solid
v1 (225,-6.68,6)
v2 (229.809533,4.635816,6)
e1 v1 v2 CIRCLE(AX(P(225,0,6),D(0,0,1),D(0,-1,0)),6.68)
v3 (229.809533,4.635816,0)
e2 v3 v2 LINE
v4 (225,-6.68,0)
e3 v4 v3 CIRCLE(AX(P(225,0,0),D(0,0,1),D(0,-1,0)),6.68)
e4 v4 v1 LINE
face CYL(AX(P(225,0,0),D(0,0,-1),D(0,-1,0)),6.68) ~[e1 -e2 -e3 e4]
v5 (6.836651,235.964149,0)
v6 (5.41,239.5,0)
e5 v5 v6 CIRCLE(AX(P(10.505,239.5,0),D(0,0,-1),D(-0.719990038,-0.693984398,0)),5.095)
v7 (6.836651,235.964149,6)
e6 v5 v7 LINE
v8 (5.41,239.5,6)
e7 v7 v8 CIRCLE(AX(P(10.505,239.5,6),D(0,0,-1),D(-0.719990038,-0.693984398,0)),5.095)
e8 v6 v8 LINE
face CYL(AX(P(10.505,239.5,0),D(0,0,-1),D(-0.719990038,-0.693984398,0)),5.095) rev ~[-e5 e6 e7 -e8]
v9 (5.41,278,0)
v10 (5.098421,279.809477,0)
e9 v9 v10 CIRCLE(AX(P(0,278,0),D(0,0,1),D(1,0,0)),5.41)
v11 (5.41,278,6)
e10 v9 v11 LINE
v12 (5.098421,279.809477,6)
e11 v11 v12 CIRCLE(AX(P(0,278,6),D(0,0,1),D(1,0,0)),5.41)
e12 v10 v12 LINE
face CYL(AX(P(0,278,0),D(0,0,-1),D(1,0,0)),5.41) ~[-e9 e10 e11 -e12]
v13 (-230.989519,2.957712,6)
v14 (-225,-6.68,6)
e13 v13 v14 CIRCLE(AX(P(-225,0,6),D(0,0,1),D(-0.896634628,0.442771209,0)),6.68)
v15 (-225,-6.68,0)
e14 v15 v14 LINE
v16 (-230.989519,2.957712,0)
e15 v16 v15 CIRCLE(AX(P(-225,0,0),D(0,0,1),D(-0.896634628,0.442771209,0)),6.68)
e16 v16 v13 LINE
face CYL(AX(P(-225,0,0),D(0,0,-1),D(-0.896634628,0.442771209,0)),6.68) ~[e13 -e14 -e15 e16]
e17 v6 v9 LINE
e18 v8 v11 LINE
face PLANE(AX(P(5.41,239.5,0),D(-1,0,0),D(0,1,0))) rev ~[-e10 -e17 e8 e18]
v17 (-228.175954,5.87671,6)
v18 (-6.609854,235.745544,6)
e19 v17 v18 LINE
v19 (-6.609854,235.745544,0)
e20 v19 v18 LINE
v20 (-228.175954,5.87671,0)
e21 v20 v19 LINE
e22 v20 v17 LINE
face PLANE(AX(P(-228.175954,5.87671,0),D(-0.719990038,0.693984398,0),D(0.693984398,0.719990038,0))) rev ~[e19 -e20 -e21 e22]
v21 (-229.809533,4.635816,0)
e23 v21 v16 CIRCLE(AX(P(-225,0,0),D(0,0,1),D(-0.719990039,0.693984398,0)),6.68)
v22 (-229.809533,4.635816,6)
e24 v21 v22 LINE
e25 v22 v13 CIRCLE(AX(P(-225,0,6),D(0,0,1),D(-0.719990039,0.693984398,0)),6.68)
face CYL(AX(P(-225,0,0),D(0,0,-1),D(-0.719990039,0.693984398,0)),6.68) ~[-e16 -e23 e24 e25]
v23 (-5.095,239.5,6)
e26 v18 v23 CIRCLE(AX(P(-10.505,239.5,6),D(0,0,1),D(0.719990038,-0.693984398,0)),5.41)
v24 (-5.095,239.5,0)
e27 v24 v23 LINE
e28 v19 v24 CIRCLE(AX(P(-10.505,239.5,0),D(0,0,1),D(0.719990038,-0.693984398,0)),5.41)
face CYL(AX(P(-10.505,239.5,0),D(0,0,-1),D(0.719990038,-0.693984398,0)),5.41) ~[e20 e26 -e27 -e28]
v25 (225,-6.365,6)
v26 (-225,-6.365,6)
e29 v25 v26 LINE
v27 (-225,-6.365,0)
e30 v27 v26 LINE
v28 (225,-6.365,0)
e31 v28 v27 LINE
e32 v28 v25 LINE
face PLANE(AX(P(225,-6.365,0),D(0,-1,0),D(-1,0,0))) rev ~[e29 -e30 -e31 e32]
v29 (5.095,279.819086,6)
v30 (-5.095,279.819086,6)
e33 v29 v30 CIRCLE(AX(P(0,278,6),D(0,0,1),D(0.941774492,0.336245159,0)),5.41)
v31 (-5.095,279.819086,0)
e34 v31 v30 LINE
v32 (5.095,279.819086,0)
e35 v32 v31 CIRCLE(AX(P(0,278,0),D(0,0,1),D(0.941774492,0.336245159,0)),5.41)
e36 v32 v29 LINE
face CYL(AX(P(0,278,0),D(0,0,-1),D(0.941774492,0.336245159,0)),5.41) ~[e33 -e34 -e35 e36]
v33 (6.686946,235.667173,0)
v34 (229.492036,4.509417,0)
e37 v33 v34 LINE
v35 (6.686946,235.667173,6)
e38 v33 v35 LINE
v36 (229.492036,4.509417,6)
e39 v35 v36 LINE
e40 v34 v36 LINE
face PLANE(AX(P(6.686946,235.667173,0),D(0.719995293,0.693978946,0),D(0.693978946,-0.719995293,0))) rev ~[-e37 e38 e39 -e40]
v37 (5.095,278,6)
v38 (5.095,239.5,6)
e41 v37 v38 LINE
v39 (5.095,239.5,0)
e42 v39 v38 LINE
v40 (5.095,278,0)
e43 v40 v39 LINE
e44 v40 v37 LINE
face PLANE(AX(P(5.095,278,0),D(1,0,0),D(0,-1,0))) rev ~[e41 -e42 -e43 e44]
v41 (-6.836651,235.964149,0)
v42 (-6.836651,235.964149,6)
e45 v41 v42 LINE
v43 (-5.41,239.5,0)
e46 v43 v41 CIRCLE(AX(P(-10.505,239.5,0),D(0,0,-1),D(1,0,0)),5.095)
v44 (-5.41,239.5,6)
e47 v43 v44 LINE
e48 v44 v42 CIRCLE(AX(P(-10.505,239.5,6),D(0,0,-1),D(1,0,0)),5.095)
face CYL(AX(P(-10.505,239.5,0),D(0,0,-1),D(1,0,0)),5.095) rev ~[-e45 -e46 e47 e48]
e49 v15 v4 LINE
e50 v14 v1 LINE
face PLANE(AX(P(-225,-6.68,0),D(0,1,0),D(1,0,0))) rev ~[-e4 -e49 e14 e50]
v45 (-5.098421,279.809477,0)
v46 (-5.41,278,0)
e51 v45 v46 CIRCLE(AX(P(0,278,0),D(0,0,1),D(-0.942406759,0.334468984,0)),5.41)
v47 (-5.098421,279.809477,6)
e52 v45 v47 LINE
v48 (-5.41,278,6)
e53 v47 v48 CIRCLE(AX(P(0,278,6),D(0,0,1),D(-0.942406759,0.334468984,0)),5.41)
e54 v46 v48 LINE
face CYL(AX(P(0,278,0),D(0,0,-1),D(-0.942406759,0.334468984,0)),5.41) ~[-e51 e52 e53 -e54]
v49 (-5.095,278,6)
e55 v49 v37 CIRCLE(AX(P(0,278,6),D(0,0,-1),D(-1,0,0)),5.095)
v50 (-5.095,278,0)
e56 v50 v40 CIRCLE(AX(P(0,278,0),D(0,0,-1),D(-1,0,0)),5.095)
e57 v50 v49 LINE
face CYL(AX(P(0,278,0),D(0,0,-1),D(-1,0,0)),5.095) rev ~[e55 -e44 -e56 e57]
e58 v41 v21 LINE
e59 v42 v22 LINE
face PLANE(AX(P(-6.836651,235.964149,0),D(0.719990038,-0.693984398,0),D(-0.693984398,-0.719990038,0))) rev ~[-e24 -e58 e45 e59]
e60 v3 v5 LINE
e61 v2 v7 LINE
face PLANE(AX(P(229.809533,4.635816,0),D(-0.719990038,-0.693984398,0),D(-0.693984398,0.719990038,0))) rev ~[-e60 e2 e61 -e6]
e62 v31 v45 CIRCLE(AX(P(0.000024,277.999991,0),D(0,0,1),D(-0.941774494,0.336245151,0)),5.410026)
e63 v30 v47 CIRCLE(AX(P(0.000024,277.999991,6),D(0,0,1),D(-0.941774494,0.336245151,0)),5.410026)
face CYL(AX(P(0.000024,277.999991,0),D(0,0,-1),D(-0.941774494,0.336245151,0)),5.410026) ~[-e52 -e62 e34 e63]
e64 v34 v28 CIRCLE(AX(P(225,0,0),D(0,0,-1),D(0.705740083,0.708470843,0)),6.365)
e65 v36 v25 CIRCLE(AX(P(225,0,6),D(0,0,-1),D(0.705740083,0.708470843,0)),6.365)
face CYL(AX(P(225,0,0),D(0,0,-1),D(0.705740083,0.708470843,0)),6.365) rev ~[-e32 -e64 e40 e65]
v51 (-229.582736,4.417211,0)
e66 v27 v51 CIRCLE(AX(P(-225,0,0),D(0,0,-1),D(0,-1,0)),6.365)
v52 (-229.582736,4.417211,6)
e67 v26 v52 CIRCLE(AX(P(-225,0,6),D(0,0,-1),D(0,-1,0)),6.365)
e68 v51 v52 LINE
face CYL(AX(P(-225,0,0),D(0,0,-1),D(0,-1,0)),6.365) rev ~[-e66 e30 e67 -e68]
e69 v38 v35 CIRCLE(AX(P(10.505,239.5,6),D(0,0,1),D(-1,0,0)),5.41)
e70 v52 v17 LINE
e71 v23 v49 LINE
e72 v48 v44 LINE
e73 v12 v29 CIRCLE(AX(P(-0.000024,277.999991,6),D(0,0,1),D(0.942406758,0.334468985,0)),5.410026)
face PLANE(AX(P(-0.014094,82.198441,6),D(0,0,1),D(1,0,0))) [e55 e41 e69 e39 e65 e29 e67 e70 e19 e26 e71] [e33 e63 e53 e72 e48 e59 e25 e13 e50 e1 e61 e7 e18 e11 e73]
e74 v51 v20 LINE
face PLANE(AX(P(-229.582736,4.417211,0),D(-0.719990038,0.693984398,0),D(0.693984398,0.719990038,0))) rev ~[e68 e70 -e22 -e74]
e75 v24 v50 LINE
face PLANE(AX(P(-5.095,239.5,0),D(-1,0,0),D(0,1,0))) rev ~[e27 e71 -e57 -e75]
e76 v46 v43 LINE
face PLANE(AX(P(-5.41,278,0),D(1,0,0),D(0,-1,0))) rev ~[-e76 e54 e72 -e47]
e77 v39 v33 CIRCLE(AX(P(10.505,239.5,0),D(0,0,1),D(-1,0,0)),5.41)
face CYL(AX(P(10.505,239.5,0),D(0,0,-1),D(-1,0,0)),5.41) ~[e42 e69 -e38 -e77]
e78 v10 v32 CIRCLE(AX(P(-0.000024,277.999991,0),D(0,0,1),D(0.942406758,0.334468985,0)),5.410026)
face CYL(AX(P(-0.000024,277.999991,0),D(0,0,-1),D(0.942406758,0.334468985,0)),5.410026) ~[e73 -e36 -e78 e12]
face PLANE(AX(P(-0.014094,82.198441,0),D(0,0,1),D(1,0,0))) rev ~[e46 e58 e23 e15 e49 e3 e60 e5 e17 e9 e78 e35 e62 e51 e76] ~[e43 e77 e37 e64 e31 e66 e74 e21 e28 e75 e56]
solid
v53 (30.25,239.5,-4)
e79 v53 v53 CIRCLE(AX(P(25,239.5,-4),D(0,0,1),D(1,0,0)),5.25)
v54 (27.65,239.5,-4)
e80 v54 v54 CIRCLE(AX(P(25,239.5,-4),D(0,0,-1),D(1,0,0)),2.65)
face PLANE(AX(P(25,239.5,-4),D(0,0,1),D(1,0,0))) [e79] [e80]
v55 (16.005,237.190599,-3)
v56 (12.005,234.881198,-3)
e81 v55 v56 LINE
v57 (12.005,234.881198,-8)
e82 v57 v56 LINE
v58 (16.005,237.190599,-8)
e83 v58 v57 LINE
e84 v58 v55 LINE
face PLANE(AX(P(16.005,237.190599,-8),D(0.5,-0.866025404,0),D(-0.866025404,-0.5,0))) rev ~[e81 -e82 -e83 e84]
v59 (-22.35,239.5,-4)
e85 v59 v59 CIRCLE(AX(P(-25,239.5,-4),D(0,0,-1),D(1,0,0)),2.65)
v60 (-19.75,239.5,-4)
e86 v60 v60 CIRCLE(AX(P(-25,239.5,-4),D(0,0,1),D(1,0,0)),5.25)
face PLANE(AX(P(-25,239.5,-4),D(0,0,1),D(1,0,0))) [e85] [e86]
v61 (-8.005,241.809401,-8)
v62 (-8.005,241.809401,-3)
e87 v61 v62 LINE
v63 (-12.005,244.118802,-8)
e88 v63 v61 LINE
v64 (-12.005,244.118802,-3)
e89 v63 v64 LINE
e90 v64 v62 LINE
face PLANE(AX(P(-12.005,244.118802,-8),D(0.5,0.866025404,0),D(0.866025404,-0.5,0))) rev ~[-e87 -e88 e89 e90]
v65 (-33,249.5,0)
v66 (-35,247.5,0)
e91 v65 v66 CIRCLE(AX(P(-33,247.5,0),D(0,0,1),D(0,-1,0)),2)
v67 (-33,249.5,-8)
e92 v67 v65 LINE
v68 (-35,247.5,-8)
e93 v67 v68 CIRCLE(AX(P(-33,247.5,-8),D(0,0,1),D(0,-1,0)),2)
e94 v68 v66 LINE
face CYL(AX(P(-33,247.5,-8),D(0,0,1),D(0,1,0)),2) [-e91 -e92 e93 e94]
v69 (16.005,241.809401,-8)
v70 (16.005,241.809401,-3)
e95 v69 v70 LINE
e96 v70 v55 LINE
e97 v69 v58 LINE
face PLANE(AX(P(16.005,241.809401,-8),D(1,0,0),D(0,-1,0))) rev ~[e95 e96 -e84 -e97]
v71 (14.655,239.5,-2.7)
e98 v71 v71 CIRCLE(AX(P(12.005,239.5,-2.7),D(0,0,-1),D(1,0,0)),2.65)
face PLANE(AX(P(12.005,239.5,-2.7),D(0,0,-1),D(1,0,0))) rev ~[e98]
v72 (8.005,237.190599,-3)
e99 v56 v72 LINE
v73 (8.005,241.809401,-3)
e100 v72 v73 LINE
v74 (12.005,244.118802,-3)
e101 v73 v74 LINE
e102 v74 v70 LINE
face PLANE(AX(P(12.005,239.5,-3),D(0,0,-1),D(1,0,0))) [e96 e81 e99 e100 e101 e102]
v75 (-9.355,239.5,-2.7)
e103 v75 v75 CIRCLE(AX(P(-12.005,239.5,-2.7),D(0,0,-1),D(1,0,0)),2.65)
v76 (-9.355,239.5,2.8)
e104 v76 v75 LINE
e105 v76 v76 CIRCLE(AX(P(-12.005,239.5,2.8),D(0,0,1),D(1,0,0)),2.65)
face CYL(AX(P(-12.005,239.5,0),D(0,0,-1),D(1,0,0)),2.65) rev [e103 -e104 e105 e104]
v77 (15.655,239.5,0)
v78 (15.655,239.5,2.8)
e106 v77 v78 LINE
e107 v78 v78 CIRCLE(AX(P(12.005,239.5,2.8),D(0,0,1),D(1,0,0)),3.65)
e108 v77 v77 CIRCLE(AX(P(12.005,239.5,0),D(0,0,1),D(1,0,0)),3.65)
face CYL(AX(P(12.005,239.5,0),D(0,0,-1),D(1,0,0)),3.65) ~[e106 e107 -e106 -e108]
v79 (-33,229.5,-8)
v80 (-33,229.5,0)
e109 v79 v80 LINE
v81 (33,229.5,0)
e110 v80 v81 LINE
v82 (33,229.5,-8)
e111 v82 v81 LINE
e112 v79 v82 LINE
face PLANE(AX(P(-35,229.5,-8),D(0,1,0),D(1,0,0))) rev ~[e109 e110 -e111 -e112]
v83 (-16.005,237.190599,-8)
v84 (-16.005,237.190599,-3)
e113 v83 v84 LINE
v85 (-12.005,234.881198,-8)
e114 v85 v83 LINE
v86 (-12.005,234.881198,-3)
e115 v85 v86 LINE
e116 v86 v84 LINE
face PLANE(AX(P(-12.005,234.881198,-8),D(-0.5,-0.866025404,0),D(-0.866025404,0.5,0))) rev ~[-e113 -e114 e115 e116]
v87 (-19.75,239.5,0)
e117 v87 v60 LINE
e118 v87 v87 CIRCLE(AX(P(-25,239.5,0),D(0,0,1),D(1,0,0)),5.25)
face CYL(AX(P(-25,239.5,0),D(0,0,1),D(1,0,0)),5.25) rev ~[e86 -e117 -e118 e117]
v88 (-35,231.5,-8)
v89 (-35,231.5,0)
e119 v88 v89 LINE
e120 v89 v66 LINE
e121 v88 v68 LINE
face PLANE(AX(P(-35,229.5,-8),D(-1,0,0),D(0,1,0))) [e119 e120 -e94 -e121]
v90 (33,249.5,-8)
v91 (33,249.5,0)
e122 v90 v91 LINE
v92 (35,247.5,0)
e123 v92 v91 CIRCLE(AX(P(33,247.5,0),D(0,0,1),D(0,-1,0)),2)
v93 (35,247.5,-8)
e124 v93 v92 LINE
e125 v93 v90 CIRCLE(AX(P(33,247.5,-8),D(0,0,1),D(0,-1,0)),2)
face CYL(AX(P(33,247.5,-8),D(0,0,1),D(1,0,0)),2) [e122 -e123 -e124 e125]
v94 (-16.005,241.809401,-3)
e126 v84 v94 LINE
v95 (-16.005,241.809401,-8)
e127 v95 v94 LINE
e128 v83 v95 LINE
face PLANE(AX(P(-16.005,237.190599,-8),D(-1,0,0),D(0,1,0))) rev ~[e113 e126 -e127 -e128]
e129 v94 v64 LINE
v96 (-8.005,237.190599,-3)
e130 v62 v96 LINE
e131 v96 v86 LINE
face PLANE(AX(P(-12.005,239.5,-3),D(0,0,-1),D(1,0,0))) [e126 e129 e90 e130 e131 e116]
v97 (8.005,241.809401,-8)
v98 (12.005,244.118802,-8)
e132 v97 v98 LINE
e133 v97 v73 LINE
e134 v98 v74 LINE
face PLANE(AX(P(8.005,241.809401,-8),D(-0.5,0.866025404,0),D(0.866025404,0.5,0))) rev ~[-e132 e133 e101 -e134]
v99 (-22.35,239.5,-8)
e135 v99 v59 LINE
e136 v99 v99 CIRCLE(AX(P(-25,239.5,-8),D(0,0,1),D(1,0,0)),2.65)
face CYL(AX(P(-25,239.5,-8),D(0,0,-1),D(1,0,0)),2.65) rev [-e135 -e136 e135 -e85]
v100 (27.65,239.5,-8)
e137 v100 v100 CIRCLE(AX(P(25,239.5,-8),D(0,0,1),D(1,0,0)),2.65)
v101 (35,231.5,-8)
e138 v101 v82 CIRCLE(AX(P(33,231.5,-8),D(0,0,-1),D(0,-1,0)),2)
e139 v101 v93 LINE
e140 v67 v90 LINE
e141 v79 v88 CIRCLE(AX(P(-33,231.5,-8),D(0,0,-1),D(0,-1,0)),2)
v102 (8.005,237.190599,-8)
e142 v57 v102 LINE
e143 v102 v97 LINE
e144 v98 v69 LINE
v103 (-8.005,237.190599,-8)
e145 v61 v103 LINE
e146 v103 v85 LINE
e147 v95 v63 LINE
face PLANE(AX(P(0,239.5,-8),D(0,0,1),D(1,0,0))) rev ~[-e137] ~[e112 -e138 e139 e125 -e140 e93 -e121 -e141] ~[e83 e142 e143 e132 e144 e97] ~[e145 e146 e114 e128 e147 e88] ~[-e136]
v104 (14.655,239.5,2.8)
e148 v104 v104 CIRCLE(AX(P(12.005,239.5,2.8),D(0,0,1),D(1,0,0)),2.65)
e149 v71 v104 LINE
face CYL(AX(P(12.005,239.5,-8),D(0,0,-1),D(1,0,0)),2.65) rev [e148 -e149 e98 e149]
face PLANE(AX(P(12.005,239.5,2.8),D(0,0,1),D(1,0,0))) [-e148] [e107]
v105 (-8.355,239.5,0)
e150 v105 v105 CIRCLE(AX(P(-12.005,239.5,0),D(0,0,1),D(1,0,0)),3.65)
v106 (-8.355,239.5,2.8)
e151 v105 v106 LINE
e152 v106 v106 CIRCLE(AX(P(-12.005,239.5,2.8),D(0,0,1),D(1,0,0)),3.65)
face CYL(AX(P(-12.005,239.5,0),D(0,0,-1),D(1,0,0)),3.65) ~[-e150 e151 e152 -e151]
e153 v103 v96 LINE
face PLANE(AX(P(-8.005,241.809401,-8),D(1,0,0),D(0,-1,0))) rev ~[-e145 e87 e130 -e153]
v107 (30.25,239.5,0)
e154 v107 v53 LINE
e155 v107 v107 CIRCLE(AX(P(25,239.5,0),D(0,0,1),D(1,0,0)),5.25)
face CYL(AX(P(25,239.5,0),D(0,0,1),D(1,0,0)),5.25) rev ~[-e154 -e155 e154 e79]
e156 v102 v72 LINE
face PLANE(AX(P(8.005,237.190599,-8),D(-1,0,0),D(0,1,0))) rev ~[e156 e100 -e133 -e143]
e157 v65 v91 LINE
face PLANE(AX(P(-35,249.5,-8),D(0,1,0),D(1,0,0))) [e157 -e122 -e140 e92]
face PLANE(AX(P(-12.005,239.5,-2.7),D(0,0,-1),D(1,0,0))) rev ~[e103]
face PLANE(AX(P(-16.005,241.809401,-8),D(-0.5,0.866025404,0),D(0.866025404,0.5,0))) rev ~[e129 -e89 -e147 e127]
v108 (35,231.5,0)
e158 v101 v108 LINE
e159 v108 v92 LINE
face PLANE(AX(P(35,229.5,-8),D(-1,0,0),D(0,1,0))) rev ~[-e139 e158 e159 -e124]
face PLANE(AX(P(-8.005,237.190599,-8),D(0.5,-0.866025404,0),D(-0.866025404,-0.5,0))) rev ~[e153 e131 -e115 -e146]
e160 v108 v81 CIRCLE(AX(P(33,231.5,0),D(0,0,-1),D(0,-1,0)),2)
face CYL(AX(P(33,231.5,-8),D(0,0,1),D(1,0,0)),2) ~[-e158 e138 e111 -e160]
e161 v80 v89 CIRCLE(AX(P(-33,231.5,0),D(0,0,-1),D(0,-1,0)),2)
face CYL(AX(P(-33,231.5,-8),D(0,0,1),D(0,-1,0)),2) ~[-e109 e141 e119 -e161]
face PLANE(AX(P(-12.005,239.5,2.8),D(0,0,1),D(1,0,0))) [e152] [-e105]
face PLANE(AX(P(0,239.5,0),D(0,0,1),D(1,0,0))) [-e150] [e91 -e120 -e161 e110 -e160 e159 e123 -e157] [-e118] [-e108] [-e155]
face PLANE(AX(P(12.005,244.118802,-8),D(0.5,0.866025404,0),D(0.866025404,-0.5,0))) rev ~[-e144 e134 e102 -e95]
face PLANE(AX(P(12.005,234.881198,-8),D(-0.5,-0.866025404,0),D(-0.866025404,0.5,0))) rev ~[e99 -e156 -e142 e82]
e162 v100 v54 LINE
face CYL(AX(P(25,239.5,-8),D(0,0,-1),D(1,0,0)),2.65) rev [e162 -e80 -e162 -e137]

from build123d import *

# Parameters (mm, degrees)
F1_DEPTH  = 6
F2_W      = 70
F2_H      = 20
F2_R      = 2.65
F3_DEPTH  = 8
F4_R      = 5.25
F5_DEPTH  = 4
F6_R      = 3.65
F6_R_2    = 2.65
F7_DEPTH  = 2.8
F8_R      = 2
F10_DEPTH = 5
F12_R     = 2.65
F13_DEPTH = 0.3


with BuildPart() as f1:
    # F0 (on Top) → F1 (new body)
    with BuildSketch(Plane.XY):
        with BuildLine():
            ThreePointArc((-225, -6.365), (-230.8578482619, -2.4897467223), (-229.5827363738, 4.4172109219))
            Line((-229.5827363738, 4.4172109219), (-230.9895193158, 2.9577116773))
            ThreePointArc((-230.9895193158, 2.9577116773), (-230.6736193917, -3.5259669593), (-225, -6.68))
            Line((-225, -6.68), (225, -6.68))
            ThreePointArc((225, -6.68), (231.1477495637, -2.6129629354), (229.8095334569, 4.635815778))
            Line((229.8095334569, 4.635815778), (6.8366507541, 235.9641494927))
            ThreePointArc((6.8366507541, 235.9641494927), (5.780105059, 237.5935916502), (5.41, 239.5))
            Line((5.41, 239.5), (5.41, 278))
            ThreePointArc((5.41, 278), (5.3315361416, 278.9180535776), (5.0984205651, 279.809477201))
            Line((5.0984205651, 279.809477201), (5.095, 279.8136729438))
            Line((5.095, 279.8136729438), (5.095, 279.8190863091))
            ThreePointArc((5.095, 279.8190863091), (0, 283.41), (-5.095, 279.8190863091))
            Line((-5.095, 279.8190863091), (-5.095, 279.8136729438))
            Line((-5.095, 279.8136729438), (-5.0984205651, 279.809477201))
            ThreePointArc((-5.0984205651, 279.809477201), (-5.3315361416, 278.9180535776), (-5.41, 278))
            Line((-5.41, 278), (-5.41, 239.5))
            ThreePointArc((-5.41, 239.5), (-5.780105059, 237.5935916502), (-6.8366507541, 235.9641494927))
            Line((-6.8366507541, 235.9641494927), (-229.8095334569, 4.635815778))
            ThreePointArc((-229.8095334569, 4.635815778), (-229.040662868, 5.3193461616), (-228.1759538737, 5.876709708))
            Line((-228.1759538737, 5.876709708), (-6.609853892, 235.7455444074))
            ThreePointArc((-6.609853892, 235.7455444074), (-5.4879869223, 237.475727346), (-5.095, 239.5))
            Line((-5.095, 239.5), (-5.095, 278))
            ThreePointArc((-5.095, 278), (0, 283.095), (5.095, 278))
            Line((5.095, 278), (5.095, 239.5))
            ThreePointArc((5.095, 239.5), (5.5088128874, 237.4248579962), (6.6869461501, 235.6671727408))
            Line((6.6869461501, 235.6671727408), (229.4920356293, 4.5094169141))
            ThreePointArc((229.4920356293, 4.5094169141), (230.8828421557, -2.4301014734), (225, -6.365))
            Line((225, -6.365), (-225, -6.365))
        make_face()
        with BuildLine():
            Line((-230.9895193158, 2.9577116773), (-229.5827363738, 4.4172109219))
            Line((-229.5827363738, 4.4172109219), (-228.1759538737, 5.876709708))
            ThreePointArc((-228.1759538737, 5.876709708), (-229.040662868, 5.3193461616), (-229.8095334569, 4.635815778))
            ThreePointArc((-229.8095334569, 4.635815778), (-230.4643291939, 3.8423308629), (-230.9895193158, 2.9577116773))
        make_face()
        with BuildLine():
            ThreePointArc((-5.095, 279.8190863091), (-5.0967125471, 279.8142825612), (-5.0984205651, 279.809477201))
            Line((-5.0984205651, 279.809477201), (-5.095, 279.8136729438))
            Line((-5.095, 279.8136729438), (-5.095, 279.8190863091))
        make_face()
        with BuildLine():
            ThreePointArc((5.0984205651, 279.809477201), (5.0967125471, 279.8142825612), (5.095, 279.8190863091))
            Line((5.095, 279.8190863091), (5.095, 279.8136729438))
            Line((5.095, 279.8136729438), (5.0984205651, 279.809477201))
        make_face()
    extrude(amount=F1_DEPTH)


with BuildPart() as f3:
    # F2 (on Top) → F3 (new body)
    with BuildSketch(Plane.XY):
        with Locations((0, 239.5)):
            Rectangle(F2_W, F2_H)
        with Locations((-25, 239.5)):
            Circle(F2_R, mode=Mode.SUBTRACT)
        with Locations((-12.005, 239.5)):
            Circle(F2_R, mode=Mode.SUBTRACT)
        with Locations((12.005, 239.5)):
            Circle(F2_R, mode=Mode.SUBTRACT)
        with Locations((25, 239.5)):
            Circle(F2_R, mode=Mode.SUBTRACT)
    extrude(amount=F3_DEPTH)

    # F4 (on face) → F5 (cut)
    with BuildSketch(Plane.XY.offset(8)):
        with Locations((-25, 239.5)):
            Circle(F4_R)
        with Locations((25, 239.5)):
            Circle(F4_R)
    extrude(amount=-F5_DEPTH, mode=Mode.SUBTRACT)

    # F6 (on face) → F7 (join)
    with BuildSketch(Plane.XY.offset(8)):
        with Locations((-12.005, 239.5)):
            Circle(F6_R)
        with Locations((-12.005, 239.5)):
            Circle(F6_R_2, mode=Mode.SUBTRACT)
        with Locations((12.005, 239.5)):
            Circle(F6_R)
        with Locations((12.005, 239.5)):
            Circle(F6_R_2, mode=Mode.SUBTRACT)
    extrude(amount=F7_DEPTH)

    # F8
    f8_edges = [f3.edges().sort_by_distance(p)[0] for p in [
        (-35, 229.5, 4),
        (-35, 249.5, 4),
        (35, 249.5, 4),
        (35, 229.5, 4),
    ]]
    fillet(f8_edges, radius=F8_R)

    # F9 (on face) → F10 (cut)
    with BuildSketch(Plane(origin=(0, 0, 0), x_dir=(1, 0, 0), z_dir=(0, 0, -1))):
        Polygon((-8.005, -241.8094010768), (-8.005, -237.1905989232), (-12.005, -234.8811978465), (-16.005, -237.1905989232), (-16.005, -241.8094010768), (-12.005, -244.1188021535), align=None)
        Polygon((16.005, -241.8094010768), (16.005, -237.1905989232), (12.005, -234.8811978465), (8.005, -237.1905989232), (8.005, -241.8094010768), (12.005, -244.1188021535), align=None)
    extrude(amount=-F10_DEPTH, mode=Mode.SUBTRACT)


with BuildPart() as f3_1:
    # F11: moved
    add(f3.part.moved(Location((0, 0, -8))))

    # F12 (on face) → F13 (join)
    with BuildSketch(Plane(origin=(0, 0, -3), x_dir=(1, 0, 0), z_dir=(0, 0, -1))):
        with Locations((12.005, -239.5)):
            Circle(F12_R)
        with Locations((-12.005, -239.5)):
            Circle(F12_R)
    extrude(amount=-F13_DEPTH)


solid = Compound([f1.part, f3_1.part])
